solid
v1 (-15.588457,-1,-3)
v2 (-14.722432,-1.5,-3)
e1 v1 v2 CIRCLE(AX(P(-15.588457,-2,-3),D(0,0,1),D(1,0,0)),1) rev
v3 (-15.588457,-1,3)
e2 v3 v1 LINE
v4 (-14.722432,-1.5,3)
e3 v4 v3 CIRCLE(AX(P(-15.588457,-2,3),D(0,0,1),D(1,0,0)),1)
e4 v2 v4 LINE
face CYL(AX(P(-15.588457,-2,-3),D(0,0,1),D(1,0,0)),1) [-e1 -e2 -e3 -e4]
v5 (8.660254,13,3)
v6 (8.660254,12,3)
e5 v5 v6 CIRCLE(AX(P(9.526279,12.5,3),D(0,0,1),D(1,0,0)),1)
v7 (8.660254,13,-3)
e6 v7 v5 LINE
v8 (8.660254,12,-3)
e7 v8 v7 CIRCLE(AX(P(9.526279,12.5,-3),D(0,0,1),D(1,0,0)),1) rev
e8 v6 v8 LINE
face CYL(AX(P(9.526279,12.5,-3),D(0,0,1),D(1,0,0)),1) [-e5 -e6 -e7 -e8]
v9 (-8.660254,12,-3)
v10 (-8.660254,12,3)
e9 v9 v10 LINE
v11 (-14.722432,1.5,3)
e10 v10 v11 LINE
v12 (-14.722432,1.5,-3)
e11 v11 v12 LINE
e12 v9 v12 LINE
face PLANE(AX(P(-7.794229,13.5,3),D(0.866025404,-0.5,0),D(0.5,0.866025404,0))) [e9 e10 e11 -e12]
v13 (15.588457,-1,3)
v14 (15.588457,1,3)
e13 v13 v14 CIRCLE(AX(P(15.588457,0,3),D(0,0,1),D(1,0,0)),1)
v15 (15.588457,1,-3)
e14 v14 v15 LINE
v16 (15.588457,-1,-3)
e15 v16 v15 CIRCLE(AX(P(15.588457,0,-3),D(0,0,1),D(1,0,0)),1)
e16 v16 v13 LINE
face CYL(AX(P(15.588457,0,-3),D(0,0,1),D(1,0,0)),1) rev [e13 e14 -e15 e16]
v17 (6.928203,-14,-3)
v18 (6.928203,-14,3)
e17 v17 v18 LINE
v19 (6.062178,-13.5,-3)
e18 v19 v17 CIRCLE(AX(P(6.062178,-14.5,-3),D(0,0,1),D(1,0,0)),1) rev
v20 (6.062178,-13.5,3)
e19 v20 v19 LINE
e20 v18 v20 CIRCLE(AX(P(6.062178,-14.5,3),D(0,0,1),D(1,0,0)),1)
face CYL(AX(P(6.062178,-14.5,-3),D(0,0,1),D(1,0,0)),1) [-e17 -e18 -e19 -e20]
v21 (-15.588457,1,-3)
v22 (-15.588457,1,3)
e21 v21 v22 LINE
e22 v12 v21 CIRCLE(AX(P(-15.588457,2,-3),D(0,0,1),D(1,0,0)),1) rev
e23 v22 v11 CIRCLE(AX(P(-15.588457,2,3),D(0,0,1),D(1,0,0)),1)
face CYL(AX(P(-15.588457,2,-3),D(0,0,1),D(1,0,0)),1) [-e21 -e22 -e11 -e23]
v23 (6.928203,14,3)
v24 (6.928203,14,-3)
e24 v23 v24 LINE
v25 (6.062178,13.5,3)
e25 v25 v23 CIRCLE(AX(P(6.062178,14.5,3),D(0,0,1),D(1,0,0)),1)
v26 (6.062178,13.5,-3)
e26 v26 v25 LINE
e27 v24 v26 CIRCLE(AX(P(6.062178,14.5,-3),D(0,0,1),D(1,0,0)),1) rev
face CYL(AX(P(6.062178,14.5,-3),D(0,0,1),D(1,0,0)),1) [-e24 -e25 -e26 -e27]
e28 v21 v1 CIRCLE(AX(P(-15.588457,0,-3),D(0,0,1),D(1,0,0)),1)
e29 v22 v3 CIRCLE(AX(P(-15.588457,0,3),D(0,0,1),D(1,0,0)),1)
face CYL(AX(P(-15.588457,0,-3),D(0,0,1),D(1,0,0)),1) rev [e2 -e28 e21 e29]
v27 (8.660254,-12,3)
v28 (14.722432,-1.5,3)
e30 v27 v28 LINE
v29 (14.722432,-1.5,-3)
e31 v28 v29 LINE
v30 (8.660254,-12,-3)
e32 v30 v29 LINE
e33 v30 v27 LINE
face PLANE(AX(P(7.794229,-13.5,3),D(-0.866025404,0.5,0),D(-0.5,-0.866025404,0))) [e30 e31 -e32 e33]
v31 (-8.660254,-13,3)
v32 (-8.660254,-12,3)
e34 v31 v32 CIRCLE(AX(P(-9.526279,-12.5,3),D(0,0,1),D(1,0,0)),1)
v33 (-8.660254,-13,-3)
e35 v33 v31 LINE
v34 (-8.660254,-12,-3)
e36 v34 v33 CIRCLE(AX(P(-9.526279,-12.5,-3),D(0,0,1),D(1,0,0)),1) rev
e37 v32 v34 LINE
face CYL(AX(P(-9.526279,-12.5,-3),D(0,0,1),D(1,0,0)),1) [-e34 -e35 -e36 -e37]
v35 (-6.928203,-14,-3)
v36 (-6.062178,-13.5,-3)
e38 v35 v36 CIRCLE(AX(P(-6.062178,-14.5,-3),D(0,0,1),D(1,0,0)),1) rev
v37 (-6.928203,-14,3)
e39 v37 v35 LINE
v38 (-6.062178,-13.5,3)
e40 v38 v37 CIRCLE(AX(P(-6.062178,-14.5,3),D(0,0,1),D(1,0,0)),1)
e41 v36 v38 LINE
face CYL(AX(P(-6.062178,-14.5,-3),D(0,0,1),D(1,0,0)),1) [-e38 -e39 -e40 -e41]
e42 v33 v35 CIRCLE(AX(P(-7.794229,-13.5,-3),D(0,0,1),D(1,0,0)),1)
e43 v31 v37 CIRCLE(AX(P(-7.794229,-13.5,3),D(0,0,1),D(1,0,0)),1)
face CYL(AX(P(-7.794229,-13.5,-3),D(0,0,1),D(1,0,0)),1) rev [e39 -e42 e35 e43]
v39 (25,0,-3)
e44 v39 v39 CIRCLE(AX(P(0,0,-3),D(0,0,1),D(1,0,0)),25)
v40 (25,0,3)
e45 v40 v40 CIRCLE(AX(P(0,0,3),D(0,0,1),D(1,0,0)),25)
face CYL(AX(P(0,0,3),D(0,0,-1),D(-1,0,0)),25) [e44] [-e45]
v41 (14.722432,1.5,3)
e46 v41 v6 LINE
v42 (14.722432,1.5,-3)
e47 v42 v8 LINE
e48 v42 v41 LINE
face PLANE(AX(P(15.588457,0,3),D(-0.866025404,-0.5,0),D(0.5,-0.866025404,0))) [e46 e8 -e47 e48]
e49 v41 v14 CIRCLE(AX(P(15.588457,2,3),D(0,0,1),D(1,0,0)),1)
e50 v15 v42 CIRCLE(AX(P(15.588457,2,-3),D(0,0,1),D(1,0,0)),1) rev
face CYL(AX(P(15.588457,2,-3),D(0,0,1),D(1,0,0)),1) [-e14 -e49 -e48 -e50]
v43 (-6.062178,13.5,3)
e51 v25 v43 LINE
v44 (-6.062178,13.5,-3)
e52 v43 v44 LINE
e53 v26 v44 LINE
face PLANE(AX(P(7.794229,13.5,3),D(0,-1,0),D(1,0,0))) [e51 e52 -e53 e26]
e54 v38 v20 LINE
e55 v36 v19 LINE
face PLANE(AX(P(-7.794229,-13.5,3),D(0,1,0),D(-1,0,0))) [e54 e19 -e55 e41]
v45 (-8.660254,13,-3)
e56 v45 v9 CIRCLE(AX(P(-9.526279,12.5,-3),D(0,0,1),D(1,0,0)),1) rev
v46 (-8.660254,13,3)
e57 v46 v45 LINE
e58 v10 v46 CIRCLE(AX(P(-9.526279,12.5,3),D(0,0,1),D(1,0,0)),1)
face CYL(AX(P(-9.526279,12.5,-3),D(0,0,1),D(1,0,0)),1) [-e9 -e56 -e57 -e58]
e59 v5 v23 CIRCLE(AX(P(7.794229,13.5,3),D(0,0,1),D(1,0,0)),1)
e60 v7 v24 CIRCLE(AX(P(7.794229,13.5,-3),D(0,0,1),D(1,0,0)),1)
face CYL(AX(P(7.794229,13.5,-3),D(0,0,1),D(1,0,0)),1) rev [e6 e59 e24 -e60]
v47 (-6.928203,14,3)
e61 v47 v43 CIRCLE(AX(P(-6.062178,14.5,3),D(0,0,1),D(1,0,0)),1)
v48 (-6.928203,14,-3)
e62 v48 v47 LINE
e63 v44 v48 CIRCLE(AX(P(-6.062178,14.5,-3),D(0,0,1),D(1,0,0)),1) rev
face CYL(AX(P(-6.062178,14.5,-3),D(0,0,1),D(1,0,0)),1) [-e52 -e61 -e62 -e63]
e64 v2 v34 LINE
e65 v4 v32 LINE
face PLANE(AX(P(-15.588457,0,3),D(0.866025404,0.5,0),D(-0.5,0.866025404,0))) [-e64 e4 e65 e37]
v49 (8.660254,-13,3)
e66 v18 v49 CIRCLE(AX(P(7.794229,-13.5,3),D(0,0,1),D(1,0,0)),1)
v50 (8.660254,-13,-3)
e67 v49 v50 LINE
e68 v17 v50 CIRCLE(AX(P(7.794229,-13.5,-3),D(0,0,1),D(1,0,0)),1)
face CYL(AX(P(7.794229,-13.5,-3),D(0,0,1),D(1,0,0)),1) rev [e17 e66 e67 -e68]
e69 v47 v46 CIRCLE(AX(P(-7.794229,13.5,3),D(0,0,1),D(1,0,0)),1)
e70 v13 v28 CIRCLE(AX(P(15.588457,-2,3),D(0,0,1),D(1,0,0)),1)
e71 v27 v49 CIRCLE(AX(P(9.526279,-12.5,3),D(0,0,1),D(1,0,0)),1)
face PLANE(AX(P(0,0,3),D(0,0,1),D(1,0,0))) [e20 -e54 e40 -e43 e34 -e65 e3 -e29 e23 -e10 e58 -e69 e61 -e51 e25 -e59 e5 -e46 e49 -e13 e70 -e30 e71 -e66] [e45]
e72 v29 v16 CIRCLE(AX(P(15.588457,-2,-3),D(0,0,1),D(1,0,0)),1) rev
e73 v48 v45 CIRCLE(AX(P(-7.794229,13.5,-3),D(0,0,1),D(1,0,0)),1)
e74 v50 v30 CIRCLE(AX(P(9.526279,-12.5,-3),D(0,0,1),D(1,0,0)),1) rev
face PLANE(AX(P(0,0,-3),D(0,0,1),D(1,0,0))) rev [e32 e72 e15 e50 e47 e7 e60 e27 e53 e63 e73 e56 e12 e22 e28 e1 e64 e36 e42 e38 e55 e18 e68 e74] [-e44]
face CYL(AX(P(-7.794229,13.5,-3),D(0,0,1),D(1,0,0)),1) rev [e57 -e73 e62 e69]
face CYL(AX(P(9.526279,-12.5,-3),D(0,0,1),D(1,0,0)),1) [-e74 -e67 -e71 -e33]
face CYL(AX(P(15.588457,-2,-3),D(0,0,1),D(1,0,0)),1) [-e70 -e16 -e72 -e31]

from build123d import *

# Parameters (mm, degrees)
SKETCH1_R           = 25
BOSS_EXTRUDE1_DEPTH = 3
SKETCH2_R           = 1
CUT_EXTRUDE1_DEPTH  = 36.860842154
FILLET1_R           = 1


with BuildPart() as part:
    # Sketch1 → Boss-Extrude1 (new, symmetric)
    with BuildSketch(Plane.XY):
        Circle(SKETCH1_R)
        Polygon((-15.588457268, 0), (-7.794228634, -13.5), (7.794228634, -13.5), (15.588457268, 0), (7.794228634, 13.5), (-7.794228634, 13.5), align=None, mode=Mode.SUBTRACT)
    extrude(amount=BOSS_EXTRUDE1_DEPTH, both=True)

    # Sketch2 → Cut-Extrude1 (cut, through all)
    with BuildSketch(Plane.XY.offset(3)):
        with Locations((-7.794228634, 13.5)):
            Circle(SKETCH2_R)
        with Locations((7.794228634, 13.5)):
            Circle(SKETCH2_R)
        with Locations((-15.588457268, 0)):
            Circle(SKETCH2_R)
        with Locations((-7.794228634, -13.5)):
            Circle(SKETCH2_R)
        with Locations((7.794228634, -13.5)):
            Circle(SKETCH2_R)
        with Locations((15.588457268, 0)):
            Circle(SKETCH2_R)
    extrude(amount=-CUT_EXTRUDE1_DEPTH, mode=Mode.SUBTRACT)

    # Fillet1
    fillet1_edges = [part.edges().sort_by_distance(p)[0] for p in [
        (-6.794228634, 13.5, 0),
        (6.794228634, 13.5, 0),
        (15.088457268, 0.866025404, 0),
        (8.294228634, -12.633974596, 0),
        (-6.794228634, -13.5, 0),
        (-15.088457268, -0.866025404, 0),
        (15.088457268, -0.866025404, 0),
        (6.794228634, -13.5, 0),
        (-8.294228634, -12.633974596, 0),
        (-15.088457268, 0.866025404, 0),
        (8.294228634, 12.633974596, 0),
        (-8.294228634, 12.633974596, 0),
    ]]
    fillet(fillet1_edges, radius=FILLET1_R)


solid = part.part
